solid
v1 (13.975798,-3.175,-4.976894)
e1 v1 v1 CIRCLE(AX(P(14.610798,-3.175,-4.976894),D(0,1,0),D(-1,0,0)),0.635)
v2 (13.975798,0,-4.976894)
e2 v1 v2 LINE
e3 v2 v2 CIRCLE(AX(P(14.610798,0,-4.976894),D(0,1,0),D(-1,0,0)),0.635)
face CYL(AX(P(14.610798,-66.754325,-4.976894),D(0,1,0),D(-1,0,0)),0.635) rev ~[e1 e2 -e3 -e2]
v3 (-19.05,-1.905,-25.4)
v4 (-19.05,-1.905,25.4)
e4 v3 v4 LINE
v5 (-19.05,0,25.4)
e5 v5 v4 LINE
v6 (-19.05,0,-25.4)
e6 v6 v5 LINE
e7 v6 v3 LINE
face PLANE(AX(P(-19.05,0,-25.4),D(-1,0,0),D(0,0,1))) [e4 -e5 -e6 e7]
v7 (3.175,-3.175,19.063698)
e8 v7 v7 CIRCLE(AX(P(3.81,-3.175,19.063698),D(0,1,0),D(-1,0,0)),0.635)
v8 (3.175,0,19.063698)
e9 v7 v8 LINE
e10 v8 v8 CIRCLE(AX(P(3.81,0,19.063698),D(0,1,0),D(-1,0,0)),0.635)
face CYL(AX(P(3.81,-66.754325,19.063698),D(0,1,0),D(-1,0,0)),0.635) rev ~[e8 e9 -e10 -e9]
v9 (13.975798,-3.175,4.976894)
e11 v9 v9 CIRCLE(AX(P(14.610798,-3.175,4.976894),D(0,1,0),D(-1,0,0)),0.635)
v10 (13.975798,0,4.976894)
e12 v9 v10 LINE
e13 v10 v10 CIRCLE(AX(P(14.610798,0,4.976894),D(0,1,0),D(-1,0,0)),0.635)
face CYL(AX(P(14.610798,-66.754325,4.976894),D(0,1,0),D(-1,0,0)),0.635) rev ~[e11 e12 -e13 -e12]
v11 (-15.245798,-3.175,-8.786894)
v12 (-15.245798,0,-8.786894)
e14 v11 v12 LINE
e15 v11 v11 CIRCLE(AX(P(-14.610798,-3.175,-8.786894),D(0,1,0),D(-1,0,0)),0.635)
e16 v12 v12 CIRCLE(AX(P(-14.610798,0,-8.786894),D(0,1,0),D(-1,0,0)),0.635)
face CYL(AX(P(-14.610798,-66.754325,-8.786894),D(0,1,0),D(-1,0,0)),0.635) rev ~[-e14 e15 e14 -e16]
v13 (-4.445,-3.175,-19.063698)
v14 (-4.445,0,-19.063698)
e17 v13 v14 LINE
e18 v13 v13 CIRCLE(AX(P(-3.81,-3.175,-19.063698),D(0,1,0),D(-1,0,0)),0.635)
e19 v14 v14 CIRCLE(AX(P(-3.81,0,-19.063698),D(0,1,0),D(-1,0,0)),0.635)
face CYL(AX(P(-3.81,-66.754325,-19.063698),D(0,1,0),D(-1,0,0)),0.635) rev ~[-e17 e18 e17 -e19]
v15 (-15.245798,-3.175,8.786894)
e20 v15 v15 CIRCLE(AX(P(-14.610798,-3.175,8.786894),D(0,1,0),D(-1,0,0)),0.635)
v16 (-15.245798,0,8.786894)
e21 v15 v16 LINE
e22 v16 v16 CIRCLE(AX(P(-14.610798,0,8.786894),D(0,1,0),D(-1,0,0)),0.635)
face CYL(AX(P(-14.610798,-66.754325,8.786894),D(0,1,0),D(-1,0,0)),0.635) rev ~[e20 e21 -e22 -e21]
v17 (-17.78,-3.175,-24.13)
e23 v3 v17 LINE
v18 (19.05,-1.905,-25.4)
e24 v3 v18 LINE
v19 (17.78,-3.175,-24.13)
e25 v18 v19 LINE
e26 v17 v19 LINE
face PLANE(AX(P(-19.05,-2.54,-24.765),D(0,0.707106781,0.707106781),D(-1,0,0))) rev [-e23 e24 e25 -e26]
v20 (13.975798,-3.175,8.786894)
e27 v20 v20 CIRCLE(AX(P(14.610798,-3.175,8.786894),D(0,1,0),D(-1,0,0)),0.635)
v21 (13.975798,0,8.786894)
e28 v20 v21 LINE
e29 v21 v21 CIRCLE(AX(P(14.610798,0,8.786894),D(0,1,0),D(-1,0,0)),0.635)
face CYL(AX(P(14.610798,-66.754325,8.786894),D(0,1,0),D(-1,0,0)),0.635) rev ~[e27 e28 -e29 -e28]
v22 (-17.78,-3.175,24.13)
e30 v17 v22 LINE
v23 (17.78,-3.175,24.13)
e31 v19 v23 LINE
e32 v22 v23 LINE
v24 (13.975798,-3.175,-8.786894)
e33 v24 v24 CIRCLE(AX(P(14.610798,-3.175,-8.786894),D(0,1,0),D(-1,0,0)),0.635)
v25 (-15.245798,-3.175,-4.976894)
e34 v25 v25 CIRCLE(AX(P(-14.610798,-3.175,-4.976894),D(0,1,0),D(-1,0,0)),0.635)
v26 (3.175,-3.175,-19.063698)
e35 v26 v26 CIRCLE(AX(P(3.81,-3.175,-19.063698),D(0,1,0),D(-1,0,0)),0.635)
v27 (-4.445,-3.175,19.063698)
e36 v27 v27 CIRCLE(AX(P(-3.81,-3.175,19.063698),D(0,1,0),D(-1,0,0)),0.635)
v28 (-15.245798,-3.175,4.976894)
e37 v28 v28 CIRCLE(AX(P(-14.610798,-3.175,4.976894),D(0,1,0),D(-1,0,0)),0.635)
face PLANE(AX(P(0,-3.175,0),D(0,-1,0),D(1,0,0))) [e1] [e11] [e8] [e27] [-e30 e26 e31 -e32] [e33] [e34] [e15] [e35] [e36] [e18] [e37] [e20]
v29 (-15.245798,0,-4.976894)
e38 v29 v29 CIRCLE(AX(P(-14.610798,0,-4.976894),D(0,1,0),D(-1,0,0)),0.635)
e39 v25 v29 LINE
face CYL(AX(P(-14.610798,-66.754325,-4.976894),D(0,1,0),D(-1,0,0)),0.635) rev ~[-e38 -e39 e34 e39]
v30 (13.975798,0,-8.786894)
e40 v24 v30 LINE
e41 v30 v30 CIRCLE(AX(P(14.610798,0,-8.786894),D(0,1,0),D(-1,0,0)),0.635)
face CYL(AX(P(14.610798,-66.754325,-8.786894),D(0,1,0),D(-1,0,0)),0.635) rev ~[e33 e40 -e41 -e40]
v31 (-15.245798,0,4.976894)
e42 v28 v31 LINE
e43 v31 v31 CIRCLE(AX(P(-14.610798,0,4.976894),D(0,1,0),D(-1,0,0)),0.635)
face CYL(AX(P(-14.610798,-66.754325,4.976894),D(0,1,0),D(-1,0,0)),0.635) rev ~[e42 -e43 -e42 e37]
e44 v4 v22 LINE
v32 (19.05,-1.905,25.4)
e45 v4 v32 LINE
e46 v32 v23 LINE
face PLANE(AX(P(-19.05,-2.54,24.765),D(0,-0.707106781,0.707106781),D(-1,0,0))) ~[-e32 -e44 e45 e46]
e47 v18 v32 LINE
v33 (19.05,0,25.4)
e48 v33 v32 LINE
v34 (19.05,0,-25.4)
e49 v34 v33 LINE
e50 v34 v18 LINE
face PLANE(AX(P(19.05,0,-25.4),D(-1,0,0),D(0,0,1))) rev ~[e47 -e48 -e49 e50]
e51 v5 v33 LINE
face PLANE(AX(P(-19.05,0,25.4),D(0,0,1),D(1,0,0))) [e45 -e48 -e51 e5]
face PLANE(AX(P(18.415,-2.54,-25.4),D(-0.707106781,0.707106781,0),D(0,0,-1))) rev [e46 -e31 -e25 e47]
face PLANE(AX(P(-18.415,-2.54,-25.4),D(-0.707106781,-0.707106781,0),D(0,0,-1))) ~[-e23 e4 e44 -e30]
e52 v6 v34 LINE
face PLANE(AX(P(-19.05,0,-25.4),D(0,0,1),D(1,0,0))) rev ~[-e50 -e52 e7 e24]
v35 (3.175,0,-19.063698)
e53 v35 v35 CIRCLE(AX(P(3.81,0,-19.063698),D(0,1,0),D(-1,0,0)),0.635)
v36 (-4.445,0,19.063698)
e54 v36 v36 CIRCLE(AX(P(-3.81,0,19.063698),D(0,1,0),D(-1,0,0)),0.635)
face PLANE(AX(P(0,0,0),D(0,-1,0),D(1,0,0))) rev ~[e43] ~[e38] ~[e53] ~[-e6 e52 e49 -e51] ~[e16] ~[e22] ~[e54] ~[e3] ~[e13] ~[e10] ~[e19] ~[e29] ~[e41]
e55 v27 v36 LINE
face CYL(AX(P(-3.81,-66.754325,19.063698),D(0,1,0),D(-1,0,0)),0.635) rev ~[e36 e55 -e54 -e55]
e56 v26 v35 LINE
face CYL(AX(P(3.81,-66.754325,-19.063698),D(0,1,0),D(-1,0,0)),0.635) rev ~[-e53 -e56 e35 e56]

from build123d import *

# Parameters (mm, degrees)
F0_W     = 38.1
F0_H     = 50.8
F1_DEPTH = 3.175
F2_SIZE  = 1.27
F4_D     = 1.27


with BuildPart() as f1:
    # F0 (on Front) → F1 (new body)
    with BuildSketch(Plane.XZ):
        Rectangle(F0_W, F0_H)
    extrude(amount=F1_DEPTH)

    # F2
    f2_edges = [f1.edges().sort_by_distance(p)[0] for p in [
        (19.05, -3.175, 0),
        (0, -3.175, 25.4),
        (-19.05, -3.175, 0),
        (0, -3.175, -25.4),
    ]]
    chamfer(f2_edges, length=F2_SIZE)

    # F4 (through all)
    with Locations(Plane.XZ.offset(3.175)):
        with Locations((-14.610798, 8.786894), (3.81, -19.063698), (14.610798, -4.976894), (-14.610798, 4.976894), (3.81, 19.063698), (14.610798, -8.786894), (-3.81, 19.063698), (-14.610798, -8.786894), (14.610798, 4.976894), (14.610798, 8.786894), (-14.610798, -4.976894), (-3.81, -19.063698)):
            Hole(F4_D / 2)


solid = f1.part
